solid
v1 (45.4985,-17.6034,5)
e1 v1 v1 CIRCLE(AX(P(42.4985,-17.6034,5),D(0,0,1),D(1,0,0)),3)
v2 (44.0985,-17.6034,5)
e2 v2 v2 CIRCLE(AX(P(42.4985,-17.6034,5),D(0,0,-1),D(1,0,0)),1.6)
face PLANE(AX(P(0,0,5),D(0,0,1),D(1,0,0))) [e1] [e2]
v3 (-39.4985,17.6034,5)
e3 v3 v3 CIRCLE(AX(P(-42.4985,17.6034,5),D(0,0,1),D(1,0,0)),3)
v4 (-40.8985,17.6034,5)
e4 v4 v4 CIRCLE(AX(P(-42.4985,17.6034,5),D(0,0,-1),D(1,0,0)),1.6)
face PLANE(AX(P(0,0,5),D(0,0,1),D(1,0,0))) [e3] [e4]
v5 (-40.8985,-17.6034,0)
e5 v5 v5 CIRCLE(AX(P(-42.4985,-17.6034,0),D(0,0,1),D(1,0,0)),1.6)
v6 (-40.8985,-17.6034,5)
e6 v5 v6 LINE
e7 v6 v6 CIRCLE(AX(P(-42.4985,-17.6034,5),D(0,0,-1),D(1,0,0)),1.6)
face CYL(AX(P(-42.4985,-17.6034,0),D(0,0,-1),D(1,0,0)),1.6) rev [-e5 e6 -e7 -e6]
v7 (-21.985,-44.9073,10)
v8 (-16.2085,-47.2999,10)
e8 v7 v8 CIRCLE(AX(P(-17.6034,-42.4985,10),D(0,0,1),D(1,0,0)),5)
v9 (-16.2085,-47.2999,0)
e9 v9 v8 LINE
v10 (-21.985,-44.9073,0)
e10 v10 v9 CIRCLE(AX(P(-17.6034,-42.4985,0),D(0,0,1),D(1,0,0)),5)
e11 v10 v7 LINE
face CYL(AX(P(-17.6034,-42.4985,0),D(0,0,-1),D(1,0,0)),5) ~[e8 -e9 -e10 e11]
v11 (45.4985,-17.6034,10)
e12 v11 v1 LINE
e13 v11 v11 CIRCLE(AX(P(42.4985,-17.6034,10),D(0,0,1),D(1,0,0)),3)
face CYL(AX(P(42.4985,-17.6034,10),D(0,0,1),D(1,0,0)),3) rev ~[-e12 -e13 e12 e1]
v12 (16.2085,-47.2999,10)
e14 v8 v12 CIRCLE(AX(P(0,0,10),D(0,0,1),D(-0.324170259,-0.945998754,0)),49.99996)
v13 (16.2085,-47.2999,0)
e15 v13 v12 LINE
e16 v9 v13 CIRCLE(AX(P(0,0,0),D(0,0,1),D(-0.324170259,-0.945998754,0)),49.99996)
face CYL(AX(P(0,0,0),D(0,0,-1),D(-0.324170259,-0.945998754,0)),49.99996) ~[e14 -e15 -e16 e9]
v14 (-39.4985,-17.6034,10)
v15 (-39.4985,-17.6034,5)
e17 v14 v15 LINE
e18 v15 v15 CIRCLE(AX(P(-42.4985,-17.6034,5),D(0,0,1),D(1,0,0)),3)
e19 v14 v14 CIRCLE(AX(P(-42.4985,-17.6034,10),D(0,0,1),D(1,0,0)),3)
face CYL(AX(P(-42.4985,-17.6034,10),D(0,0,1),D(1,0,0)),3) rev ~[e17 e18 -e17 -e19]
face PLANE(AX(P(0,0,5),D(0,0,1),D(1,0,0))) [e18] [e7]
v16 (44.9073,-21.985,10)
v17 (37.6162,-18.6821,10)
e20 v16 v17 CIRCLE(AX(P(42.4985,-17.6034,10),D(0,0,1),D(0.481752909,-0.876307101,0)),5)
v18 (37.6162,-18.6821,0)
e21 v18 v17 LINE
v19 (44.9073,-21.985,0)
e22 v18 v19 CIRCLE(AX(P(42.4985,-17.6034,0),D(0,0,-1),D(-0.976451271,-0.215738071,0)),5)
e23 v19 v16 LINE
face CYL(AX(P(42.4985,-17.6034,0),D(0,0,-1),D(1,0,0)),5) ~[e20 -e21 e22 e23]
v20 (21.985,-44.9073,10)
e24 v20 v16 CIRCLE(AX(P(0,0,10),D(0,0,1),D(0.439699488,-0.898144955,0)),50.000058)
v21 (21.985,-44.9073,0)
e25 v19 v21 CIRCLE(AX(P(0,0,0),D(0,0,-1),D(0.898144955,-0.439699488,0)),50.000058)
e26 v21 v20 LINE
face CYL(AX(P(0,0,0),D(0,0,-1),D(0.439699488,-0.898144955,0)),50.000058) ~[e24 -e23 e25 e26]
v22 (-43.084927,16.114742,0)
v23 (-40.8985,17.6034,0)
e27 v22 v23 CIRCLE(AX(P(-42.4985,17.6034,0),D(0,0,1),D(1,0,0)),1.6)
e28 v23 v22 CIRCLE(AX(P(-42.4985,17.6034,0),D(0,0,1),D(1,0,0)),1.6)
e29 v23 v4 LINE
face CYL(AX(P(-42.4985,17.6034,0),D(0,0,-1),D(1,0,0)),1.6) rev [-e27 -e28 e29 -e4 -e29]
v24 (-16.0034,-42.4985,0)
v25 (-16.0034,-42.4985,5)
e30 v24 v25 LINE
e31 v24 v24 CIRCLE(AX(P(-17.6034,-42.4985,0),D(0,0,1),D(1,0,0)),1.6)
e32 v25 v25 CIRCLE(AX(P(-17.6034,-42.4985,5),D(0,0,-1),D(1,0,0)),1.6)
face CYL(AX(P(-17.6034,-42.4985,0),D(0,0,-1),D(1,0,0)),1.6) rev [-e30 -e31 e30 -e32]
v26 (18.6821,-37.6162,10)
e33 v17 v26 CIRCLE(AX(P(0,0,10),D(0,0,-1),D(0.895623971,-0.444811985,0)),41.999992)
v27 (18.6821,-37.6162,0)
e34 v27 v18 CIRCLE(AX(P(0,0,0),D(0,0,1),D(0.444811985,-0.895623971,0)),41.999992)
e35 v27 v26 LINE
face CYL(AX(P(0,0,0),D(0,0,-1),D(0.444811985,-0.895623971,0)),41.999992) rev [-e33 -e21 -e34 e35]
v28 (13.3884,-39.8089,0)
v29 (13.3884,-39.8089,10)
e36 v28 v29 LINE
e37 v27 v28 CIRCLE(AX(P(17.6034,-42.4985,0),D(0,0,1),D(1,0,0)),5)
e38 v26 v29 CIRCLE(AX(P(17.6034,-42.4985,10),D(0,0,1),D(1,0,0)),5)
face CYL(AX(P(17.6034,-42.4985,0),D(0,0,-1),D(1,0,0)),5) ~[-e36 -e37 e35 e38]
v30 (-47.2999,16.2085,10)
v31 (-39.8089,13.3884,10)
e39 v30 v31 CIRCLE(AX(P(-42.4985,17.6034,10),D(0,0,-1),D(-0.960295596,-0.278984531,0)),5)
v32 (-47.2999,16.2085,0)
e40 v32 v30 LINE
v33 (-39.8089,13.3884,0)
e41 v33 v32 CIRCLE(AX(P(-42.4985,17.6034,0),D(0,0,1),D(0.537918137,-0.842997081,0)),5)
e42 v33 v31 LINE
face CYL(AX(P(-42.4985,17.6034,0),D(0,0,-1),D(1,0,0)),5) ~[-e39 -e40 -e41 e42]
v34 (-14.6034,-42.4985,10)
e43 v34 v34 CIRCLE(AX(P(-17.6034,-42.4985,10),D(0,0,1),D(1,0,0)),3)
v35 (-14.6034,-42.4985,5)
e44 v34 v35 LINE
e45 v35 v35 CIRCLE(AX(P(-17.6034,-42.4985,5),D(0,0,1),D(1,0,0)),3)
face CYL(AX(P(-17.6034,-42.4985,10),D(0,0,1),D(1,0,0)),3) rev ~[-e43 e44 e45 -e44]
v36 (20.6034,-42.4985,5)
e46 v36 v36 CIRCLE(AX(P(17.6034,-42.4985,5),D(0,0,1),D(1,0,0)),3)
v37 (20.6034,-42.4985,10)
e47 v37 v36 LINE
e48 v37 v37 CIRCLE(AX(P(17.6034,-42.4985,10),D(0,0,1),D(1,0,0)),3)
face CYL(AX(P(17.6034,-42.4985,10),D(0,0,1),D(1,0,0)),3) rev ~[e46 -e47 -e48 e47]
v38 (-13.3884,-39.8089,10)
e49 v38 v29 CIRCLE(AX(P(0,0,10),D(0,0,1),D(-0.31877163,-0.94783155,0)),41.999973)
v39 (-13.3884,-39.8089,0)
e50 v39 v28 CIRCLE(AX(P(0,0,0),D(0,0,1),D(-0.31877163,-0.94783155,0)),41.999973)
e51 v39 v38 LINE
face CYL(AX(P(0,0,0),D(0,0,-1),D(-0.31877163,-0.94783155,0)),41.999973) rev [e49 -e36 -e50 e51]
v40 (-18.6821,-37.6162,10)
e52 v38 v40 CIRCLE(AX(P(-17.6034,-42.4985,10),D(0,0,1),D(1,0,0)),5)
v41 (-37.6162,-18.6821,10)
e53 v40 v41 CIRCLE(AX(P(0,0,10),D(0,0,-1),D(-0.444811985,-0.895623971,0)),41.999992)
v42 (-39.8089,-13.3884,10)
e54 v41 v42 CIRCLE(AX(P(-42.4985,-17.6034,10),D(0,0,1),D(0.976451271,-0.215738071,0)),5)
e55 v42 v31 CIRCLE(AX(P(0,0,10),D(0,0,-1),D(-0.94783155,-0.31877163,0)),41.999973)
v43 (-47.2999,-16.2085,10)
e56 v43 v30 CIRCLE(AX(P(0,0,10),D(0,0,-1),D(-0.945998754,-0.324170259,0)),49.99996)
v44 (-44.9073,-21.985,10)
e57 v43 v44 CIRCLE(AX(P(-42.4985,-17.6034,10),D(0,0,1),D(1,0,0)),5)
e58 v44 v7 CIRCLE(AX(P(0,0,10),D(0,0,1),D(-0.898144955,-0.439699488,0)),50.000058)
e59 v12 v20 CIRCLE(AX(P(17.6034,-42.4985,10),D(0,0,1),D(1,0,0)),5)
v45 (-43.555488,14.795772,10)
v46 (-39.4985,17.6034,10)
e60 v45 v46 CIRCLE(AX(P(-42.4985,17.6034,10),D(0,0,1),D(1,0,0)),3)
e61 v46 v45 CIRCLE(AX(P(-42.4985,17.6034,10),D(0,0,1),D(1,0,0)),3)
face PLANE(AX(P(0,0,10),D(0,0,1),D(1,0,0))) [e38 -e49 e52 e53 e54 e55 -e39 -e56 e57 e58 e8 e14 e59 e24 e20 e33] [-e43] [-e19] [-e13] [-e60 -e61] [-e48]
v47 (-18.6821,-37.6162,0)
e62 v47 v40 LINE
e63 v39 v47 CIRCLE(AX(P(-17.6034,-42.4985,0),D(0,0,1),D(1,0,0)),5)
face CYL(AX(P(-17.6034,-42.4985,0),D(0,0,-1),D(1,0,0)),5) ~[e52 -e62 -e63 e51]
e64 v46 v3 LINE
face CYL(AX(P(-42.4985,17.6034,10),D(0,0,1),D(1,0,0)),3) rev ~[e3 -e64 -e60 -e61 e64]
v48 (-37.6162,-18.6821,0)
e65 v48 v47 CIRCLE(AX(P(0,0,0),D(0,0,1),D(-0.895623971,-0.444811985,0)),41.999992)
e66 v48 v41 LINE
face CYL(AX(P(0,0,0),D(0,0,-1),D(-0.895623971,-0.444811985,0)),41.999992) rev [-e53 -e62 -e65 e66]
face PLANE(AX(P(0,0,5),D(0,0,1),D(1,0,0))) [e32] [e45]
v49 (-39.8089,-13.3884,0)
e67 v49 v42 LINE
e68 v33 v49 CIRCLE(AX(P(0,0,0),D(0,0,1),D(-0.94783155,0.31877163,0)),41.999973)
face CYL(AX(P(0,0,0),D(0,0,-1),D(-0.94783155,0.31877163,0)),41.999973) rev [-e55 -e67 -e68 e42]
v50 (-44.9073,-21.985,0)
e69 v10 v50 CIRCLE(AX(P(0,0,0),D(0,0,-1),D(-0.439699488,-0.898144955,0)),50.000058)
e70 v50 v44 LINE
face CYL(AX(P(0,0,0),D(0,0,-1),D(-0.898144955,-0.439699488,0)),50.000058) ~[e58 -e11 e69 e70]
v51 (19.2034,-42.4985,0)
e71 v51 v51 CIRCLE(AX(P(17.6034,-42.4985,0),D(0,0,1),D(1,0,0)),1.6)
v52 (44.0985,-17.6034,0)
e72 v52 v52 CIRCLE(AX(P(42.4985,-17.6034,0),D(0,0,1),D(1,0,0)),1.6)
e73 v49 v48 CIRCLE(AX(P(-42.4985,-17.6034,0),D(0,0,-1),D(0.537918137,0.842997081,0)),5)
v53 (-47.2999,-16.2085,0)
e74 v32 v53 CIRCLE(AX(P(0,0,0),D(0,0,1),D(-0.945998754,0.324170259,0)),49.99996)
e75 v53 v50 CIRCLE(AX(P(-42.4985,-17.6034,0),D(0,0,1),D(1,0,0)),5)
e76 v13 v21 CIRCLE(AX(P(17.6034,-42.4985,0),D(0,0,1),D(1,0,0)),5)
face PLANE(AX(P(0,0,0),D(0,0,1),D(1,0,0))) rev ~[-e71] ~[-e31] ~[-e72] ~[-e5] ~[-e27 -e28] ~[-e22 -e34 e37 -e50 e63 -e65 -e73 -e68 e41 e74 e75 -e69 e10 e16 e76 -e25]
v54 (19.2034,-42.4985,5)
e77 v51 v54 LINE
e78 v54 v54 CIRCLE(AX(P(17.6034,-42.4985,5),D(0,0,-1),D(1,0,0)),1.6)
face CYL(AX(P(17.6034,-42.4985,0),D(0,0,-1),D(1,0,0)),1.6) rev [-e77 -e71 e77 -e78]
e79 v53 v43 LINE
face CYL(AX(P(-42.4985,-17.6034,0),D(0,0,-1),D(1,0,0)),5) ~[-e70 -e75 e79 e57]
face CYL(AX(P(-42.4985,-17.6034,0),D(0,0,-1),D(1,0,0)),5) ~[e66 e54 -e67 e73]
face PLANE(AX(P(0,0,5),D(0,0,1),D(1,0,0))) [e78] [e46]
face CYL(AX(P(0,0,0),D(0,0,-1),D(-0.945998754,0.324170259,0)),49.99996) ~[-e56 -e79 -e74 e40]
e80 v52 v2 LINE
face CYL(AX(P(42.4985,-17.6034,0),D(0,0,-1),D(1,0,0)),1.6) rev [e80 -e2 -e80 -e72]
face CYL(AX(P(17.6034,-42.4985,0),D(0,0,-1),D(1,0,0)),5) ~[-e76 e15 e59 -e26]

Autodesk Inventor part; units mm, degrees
ref_plane "YZ Plane" through (0, 0, 0) normal (1, 0, 0) x (0, 1, 0)
ref_plane "XZ Plane" through (0, 0, 0) normal (0, 1, 0) x (-1, 0, 0)
ref_plane "XY Plane" through (0, 0, 0) normal (0, 0, 1) x (1, 0, 0)
sketch "スケッチ1" plane through (0, 0, 0) normal (0, 0, 1) x (1, 0, 0)
  arc A0 (-41.8605, 19.0708) -> (-40.3368, 22.112) centre (0, 0) ccw
  line L0 (0, 0) -> (0, 54.8528)
  line L1 (0, 0) -> (-20.7697, 50.1426)
  circle A1 centre (-17.6034, 42.4985) radius 1.6
  circle A2 centre (-42.4985, 17.6034) radius 1.6
  circle A3 centre (-42.4985, -17.6034) radius 1.6
  circle A4 centre (-17.6034, -42.4985) radius 1.6
  circle A5 centre (17.6034, -42.4985) radius 1.6
  circle A6 centre (42.4985, -17.6034) radius 1.6
  circle A7 centre (42.4985, 17.6034) radius 1.6
  circle A8 centre (17.6034, 42.4985) radius 1.6
  line L2 (0, 0) -> (-55.1659, -46.2897)
  line L3 (-55.1659, -46.2897) -> (-55.1659, 46.2897)
  line L4 (-55.1659, 46.2897) -> (0, 0)
  line L5 (0, 0) -> (-76.7662, 0)
  circle A9 centre (-42.4985, 17.6034) radius 5
  circle A10 centre (-42.4985, -17.6034) radius 5
  circle A11 centre (-17.6034, -42.4985) radius 5
  circle A12 centre (17.6034, -42.4985) radius 5
  line L6 (0, 0) -> (55.1659, -46.2897)
  line L7 (55.1659, 46.2897) -> (0, 0)
  circle A13 centre (-17.6034, 42.4985) radius 5
  circle A14 centre (42.4985, -17.6034) radius 5
  arc A15 (-39.8089, 13.3884) -> (-39.8089, -13.3884) centre (0, 0) ccw
  arc A16 (-47.2999, 16.2085) -> (-47.2999, -16.2085) centre (0, 0) ccw
  arc A17 (-37.6162, -18.6821) -> (-18.6821, -37.6162) centre (0, 0) ccw
  arc A18 (-44.9073, -21.985) -> (-21.985, -44.9073) centre (0, 0) ccw
  arc A19 (-13.3884, -39.8089) -> (13.3884, -39.8089) centre (0, 0) ccw
  arc A20 (-16.2085, -47.2999) -> (16.2085, -47.2999) centre (0, 0) ccw
  arc A21 (18.6821, -37.6162) -> (37.6162, -18.6821) centre (0, 0) ccw
  arc A22 (39.8089, -13.3884) -> (-37.6162, 18.6821) centre (0, 0) ccw
  arc A23 (21.985, -44.9073) -> (44.9073, -21.985) centre (0, 0) ccw
  arc A24 (47.2999, -16.2085) -> (-44.9073, 21.985) centre (0, 0) ccw
  point P0 (-32.1739, 26.9971)
  point P1 (-38.3022, 32.1394)
  dimension "d0" = 92
  dimension "d3" = 22.5
  dimension "d4" = 3.2
  dimension "d7" = 360
  dimension "d9" = 80
  dimension "d10" = 40
  dimension "d18" = 10
  dimension "d19" = 10
  dimension "d20" = 10
  dimension "d21" = 10
  dimension "d24" = 10
  dimension "d25" = 10
extrude "押し出し1" add sketch "スケッチ1" along normal blind 10 contours A9 | A9 A15 L5 A0 | A0 L5 A16 A9 | L5 A15 A10 A0 | A0 A10 A16 L5 | A10 A0 A3 | A0 A3 A10 | A10 A0 L2 A18 | A17 A11 A0 L2 | L2 A0 A10 A17 | A21 A14 A0 L6 | L6 A0 A12 A21 | L2 A0 A11 A18 | A11 A0 A4 | L6 A23 A12 A0 | A0 A14 A23 L6 | A12 A0 A5 | A14 A0 A6 | A11 A0 A4 | A19 A12 A0 A11 | A12 A0 A5 | A0 A6 A14 | A11 A0 A12 A20
sketch "スケッチ2" plane through (0, 0, 10) normal (0, 0, 1) x (1, 0, 0)
  circle A0 centre (-42.4985, -17.6034) radius 1.6 projected
  circle A1 centre (-42.4985, -17.6034) radius 3
  circle A2 centre (-42.4985, 17.6034) radius 1.6 projected
  circle A3 centre (-42.4985, 17.6034) radius 3
  arc A4 (16.2085, -47.2999) -> (21.985, -44.9073) centre (17.6034, -42.4985) ccw projected
  arc A5 (-13.3884, -39.8089) -> (-18.6821, -37.6162) centre (-17.6034, -42.4985) ccw projected
  circle A6 centre (-17.6034, -42.4985) radius 3
  circle A7 centre (17.6034, -42.4985) radius 3
  arc A8 (44.9073, -21.985) -> (37.6162, -18.6821) centre (42.4985, -17.6034) ccw projected
  circle A9 centre (-17.6034, 42.4985) radius 1.6 projected
  circle A10 centre (-17.6034, 42.4985) radius 3
  circle A11 centre (42.4985, -17.6034) radius 3
  arc A12 (-37.6162, -18.6821) -> (-18.6821, -37.6162) centre (0, 0) ccw projected
  arc A13 (-37.6162, -18.6821) -> (-39.8089, -13.3884) centre (-42.4985, -17.6034) ccw projected
  arc A14 (-39.8089, 13.3884) -> (-39.8089, -13.3884) centre (0, 0) ccw projected
  arc A15 (-39.8089, 13.3884) -> (-47.2999, 16.2085) centre (-42.4985, 17.6034) ccw projected
  arc A16 (-47.2999, 16.2085) -> (-47.2999, -16.2085) centre (0, 0) ccw projected
  arc A17 (-47.2999, -16.2085) -> (-44.9073, -21.985) centre (-42.4985, -17.6034) ccw projected
  arc A18 (-44.9073, -21.985) -> (-21.985, -44.9073) centre (0, 0) ccw projected
  arc A19 (-21.985, -44.9073) -> (-16.2085, -47.2999) centre (-17.6034, -42.4985) ccw projected
  arc A20 (-16.2085, -47.2999) -> (16.2085, -47.2999) centre (0, 0) ccw projected
  arc A21 (21.985, -44.9073) -> (44.9073, -21.985) centre (0, 0) ccw projected
  arc A22 (18.6821, -37.6162) -> (37.6162, -18.6821) centre (0, 0) ccw projected
  arc A23 (18.6821, -37.6162) -> (13.3884, -39.8089) centre (17.6034, -42.4985) ccw projected
  arc A24 (-13.3884, -39.8089) -> (13.3884, -39.8089) centre (0, 0) ccw projected
  dimension "d14" = 6
  dimension "d15" = 6
  dimension "d22" = 6
  dimension "d23" = 6
  dimension "d26" = 6
  dimension "d27" = 6
extrude "押し出し2" cut sketch "スケッチ2" against normal blind 5 contours A0 | A1 | A2 | A3 | A6 | A7 | A11
equation "\"d10\" = 0.5 * d9"
equation "\"d24\" = d21"
equation "\"d25\" = d18"
equation "\"d22\" = d15"
equation "\"d23\" = d15"
equation "\"d26\" = d23"
equation "\"d27\" = d14"
properties part number "RP_Hip-Link-Limit-Long" material "ABS プラスチック"
